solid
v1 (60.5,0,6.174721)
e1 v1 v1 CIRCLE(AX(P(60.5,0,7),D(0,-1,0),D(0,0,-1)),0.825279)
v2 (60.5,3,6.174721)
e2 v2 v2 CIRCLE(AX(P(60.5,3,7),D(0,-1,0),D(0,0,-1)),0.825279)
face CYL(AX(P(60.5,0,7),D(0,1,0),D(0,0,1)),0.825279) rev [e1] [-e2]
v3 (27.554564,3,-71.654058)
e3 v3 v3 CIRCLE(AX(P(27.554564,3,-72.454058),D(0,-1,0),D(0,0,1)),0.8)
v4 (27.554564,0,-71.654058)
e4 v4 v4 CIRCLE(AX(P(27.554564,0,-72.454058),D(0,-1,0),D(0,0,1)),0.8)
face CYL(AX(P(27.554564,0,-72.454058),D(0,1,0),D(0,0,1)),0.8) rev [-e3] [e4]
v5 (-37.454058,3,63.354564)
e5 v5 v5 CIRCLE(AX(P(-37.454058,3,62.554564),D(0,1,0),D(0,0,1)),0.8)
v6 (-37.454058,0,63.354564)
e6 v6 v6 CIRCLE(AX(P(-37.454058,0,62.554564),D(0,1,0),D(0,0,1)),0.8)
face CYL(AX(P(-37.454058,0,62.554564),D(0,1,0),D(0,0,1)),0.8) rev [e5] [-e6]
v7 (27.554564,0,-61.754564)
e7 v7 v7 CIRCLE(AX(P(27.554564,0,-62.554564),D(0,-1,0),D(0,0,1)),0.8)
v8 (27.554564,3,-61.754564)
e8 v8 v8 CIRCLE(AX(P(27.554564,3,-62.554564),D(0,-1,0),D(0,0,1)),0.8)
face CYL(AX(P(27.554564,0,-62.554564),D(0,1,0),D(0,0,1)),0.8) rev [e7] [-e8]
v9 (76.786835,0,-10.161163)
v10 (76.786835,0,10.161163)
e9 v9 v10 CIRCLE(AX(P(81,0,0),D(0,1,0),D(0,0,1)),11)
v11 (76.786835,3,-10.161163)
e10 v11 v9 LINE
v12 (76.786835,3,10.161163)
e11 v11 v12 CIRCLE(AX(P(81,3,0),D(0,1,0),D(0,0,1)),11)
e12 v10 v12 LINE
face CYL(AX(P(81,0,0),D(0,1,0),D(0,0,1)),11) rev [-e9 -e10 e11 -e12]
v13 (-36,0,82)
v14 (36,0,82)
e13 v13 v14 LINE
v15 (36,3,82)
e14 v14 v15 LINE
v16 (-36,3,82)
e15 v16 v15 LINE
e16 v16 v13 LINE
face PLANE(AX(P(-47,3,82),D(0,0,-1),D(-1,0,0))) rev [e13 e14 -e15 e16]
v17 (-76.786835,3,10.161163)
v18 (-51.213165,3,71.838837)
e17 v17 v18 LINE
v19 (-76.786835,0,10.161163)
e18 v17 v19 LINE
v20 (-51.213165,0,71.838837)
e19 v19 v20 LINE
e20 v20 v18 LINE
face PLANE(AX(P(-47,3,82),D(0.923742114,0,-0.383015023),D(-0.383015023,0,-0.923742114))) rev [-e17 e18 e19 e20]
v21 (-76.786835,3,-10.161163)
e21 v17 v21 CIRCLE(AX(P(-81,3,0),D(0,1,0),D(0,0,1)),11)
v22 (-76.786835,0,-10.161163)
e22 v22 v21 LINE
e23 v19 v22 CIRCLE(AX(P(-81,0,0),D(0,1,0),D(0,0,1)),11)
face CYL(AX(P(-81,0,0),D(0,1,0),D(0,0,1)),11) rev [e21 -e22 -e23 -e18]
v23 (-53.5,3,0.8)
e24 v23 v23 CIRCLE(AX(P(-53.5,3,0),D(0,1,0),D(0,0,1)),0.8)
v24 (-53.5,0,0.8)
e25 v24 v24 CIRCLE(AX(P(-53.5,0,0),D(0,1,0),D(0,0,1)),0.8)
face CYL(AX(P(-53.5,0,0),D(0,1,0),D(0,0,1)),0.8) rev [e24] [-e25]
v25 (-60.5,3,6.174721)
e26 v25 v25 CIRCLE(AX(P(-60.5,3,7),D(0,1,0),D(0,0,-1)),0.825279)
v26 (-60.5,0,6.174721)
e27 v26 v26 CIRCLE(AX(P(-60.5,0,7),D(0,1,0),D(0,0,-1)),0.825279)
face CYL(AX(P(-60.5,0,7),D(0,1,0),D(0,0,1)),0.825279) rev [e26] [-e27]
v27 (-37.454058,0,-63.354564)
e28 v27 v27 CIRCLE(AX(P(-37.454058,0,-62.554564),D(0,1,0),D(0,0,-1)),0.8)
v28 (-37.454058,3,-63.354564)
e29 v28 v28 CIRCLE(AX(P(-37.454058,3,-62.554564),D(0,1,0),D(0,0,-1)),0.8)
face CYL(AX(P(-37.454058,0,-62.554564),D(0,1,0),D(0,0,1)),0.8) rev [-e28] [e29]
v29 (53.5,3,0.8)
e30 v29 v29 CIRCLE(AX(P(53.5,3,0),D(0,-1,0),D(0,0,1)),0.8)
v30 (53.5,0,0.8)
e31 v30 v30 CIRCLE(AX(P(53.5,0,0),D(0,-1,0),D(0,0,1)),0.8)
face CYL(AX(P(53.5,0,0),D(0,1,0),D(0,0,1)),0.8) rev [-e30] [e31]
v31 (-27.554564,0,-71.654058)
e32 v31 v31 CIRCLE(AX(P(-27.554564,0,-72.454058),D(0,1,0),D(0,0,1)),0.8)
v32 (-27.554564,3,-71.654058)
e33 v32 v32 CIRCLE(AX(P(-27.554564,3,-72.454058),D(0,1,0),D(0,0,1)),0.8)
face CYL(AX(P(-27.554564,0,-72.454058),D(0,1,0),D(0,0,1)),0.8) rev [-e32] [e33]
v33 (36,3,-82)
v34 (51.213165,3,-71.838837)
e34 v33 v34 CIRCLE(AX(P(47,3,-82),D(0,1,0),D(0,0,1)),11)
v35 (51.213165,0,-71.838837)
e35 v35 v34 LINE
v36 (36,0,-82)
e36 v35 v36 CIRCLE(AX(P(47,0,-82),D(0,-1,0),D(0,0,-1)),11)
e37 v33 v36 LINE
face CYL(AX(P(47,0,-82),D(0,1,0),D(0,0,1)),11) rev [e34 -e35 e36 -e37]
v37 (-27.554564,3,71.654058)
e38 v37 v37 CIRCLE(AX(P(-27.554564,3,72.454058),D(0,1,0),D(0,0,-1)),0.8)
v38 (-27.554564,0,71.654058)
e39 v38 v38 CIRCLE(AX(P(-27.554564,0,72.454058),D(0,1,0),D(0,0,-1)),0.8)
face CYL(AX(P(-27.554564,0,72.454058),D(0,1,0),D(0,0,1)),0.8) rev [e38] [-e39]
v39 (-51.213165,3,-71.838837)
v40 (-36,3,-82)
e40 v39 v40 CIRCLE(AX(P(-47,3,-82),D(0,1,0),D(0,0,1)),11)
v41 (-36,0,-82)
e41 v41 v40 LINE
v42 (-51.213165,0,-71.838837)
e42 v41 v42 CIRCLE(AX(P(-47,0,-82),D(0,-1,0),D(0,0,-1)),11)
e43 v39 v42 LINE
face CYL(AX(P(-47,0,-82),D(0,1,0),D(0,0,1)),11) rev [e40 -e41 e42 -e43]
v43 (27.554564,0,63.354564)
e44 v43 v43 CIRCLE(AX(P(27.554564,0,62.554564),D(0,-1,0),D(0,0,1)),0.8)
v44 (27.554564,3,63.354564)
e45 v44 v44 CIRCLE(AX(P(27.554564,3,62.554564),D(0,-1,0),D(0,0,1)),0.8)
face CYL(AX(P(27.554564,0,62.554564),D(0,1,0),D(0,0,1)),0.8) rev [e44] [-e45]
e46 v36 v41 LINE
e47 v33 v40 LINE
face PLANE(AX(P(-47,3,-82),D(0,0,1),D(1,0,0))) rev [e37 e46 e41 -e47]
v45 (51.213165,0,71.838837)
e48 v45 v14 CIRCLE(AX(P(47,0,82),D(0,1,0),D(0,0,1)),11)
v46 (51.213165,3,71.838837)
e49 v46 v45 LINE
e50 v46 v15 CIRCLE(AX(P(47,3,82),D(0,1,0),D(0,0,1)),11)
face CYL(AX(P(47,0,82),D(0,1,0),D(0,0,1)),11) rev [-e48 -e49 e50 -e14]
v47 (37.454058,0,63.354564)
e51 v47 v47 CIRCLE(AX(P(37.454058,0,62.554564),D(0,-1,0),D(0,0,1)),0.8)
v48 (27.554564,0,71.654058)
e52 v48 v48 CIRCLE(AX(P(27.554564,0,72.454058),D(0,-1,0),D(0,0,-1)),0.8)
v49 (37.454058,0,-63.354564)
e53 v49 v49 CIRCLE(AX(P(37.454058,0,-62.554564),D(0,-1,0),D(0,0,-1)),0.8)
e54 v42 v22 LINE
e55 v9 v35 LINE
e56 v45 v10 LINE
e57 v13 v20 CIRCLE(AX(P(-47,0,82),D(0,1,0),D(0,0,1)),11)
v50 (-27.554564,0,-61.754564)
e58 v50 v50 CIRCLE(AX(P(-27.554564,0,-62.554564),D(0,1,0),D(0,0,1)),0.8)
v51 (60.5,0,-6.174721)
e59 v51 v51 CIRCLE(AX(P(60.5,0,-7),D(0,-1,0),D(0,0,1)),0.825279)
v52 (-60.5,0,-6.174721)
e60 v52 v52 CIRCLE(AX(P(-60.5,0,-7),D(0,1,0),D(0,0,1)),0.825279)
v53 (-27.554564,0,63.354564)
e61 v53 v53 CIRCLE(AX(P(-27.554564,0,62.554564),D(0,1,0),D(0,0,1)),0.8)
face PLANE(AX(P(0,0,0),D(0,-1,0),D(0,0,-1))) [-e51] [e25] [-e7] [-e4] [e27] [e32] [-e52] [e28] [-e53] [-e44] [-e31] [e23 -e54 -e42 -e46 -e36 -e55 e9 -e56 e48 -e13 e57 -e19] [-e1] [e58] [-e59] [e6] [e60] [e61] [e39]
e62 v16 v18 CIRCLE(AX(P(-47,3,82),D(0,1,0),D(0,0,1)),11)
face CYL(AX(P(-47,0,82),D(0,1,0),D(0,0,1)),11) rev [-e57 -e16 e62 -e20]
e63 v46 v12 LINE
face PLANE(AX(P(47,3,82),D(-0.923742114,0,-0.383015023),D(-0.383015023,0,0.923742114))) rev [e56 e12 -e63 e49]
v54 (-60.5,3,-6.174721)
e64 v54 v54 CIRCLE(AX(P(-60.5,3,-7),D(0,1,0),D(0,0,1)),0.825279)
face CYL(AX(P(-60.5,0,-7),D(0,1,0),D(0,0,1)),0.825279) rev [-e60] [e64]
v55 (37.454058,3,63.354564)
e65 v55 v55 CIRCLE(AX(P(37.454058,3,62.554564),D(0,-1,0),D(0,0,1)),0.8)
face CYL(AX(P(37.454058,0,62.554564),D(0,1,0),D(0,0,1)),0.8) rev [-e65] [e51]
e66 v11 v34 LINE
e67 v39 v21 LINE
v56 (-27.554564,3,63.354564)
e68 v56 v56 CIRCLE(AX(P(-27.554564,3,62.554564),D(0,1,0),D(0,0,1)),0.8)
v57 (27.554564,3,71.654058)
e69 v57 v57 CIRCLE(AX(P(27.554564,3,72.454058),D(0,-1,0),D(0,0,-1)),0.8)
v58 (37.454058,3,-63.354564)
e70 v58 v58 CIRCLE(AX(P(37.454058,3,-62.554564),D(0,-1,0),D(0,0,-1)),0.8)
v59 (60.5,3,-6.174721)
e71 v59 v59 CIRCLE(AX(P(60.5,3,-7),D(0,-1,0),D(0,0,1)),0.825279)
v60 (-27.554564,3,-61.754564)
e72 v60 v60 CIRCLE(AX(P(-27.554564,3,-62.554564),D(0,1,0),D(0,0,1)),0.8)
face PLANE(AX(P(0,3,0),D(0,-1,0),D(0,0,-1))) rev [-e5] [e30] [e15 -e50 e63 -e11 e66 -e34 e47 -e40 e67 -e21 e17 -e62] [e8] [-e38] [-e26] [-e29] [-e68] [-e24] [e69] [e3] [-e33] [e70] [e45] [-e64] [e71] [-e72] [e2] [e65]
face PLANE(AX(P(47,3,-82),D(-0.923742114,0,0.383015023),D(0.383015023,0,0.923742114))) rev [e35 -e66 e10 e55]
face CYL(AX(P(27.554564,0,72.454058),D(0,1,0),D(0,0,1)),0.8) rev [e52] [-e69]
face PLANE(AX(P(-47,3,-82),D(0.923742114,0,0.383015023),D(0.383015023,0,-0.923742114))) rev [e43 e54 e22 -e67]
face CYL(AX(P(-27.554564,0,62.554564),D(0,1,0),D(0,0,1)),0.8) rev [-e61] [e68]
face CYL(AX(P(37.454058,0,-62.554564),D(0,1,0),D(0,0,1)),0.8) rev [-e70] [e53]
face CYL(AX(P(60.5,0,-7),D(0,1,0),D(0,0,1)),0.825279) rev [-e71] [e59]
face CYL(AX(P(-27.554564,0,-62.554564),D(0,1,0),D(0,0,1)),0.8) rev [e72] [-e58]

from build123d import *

# Parameters (mm, degrees)
EXTRUDE_1_DEPTH     = 3
SKETCH_7_R          = 11
CUT_EXTRUDE_4_DEPTH = 116.299609713
SKETCH_9_R          = 0.8
SKETCH_9_R_2        = 0.825279091
CUT_EXTRUDE_5_DEPTH = 113.379793517


with BuildPart() as part:
    # 草图4 → 凸台-拉伸1 (new body)
    with BuildSketch(Plane(origin=(0, 0, 0), x_dir=(1, 0, 0), z_dir=(0, 1, 0))):
        Polygon((-47, 82), (47, 82), (81, 0), (47, -82), (-47, -82), (-81, 0), align=None)
    extrude(amount=EXTRUDE_1_DEPTH)

    # 草图7 → 切除-拉伸4 (cut, through all)
    with BuildSketch(Plane(origin=(0, 3, 0), x_dir=(1, 0, 0), z_dir=(0, 1, 0))):
        with Locations((-81, 0)):
            Circle(SKETCH_7_R)
        with Locations((-47, 82)):
            Circle(SKETCH_7_R)
        with Locations((47, 82)):
            Circle(SKETCH_7_R)
        with Locations((81, 0)):
            Circle(SKETCH_7_R)
        with Locations((47, -82)):
            Circle(SKETCH_7_R)
        with Locations((-47, -82)):
            Circle(SKETCH_7_R)
    extrude(amount=-CUT_EXTRUDE_4_DEPTH, mode=Mode.SUBTRACT)

    # 草图9 → 切除-拉伸5 (cut, through all)
    with BuildSketch(Plane(origin=(0, 3, 0), x_dir=(1, 0, 0), z_dir=(0, 1, 0))):
        with Locations(Location((-53.5, 0, 0), (0, 0, 270))):
            Circle(SKETCH_9_R)
        with Locations(Location((-60.5, 7, 0), (0, 0, 270))):
            Circle(SKETCH_9_R_2)
        with Locations(Location((-60.5, -7, 0), (0, 0, 90))):
            Circle(SKETCH_9_R_2)
        with Locations(Location((-27.554563517, -62.554563517, 0), (0, 0, 270))):
            Circle(SKETCH_9_R)
        with Locations(Location((-37.454058454, -62.554563517, 0), (0, 0, 270))):
            Circle(SKETCH_9_R)
        with Locations(Location((-27.554563517, -72.454058454, 0), (0, 0, 90))):
            Circle(SKETCH_9_R)
        with Locations(Location((-27.554563517, 62.554563517, 0), (0, 0, 270))):
            Circle(SKETCH_9_R)
        with Locations(Location((-27.554563517, 72.454058454, 0), (0, 0, 270))):
            Circle(SKETCH_9_R)
        with Locations(Location((-37.454058454, 62.554563517, 0), (0, 0, 90))):
            Circle(SKETCH_9_R)
    cut_extrude_5 = extrude(amount=-CUT_EXTRUDE_5_DEPTH, mode=Mode.SUBTRACT)

    # 镜向2: 切除-拉伸5 across plane
    add(cut_extrude_5.mirror(Plane(origin=(0, 0, 0), x_dir=(0, 0, 1), z_dir=(1, 0, 0))), mode=Mode.SUBTRACT)


solid = part.part
